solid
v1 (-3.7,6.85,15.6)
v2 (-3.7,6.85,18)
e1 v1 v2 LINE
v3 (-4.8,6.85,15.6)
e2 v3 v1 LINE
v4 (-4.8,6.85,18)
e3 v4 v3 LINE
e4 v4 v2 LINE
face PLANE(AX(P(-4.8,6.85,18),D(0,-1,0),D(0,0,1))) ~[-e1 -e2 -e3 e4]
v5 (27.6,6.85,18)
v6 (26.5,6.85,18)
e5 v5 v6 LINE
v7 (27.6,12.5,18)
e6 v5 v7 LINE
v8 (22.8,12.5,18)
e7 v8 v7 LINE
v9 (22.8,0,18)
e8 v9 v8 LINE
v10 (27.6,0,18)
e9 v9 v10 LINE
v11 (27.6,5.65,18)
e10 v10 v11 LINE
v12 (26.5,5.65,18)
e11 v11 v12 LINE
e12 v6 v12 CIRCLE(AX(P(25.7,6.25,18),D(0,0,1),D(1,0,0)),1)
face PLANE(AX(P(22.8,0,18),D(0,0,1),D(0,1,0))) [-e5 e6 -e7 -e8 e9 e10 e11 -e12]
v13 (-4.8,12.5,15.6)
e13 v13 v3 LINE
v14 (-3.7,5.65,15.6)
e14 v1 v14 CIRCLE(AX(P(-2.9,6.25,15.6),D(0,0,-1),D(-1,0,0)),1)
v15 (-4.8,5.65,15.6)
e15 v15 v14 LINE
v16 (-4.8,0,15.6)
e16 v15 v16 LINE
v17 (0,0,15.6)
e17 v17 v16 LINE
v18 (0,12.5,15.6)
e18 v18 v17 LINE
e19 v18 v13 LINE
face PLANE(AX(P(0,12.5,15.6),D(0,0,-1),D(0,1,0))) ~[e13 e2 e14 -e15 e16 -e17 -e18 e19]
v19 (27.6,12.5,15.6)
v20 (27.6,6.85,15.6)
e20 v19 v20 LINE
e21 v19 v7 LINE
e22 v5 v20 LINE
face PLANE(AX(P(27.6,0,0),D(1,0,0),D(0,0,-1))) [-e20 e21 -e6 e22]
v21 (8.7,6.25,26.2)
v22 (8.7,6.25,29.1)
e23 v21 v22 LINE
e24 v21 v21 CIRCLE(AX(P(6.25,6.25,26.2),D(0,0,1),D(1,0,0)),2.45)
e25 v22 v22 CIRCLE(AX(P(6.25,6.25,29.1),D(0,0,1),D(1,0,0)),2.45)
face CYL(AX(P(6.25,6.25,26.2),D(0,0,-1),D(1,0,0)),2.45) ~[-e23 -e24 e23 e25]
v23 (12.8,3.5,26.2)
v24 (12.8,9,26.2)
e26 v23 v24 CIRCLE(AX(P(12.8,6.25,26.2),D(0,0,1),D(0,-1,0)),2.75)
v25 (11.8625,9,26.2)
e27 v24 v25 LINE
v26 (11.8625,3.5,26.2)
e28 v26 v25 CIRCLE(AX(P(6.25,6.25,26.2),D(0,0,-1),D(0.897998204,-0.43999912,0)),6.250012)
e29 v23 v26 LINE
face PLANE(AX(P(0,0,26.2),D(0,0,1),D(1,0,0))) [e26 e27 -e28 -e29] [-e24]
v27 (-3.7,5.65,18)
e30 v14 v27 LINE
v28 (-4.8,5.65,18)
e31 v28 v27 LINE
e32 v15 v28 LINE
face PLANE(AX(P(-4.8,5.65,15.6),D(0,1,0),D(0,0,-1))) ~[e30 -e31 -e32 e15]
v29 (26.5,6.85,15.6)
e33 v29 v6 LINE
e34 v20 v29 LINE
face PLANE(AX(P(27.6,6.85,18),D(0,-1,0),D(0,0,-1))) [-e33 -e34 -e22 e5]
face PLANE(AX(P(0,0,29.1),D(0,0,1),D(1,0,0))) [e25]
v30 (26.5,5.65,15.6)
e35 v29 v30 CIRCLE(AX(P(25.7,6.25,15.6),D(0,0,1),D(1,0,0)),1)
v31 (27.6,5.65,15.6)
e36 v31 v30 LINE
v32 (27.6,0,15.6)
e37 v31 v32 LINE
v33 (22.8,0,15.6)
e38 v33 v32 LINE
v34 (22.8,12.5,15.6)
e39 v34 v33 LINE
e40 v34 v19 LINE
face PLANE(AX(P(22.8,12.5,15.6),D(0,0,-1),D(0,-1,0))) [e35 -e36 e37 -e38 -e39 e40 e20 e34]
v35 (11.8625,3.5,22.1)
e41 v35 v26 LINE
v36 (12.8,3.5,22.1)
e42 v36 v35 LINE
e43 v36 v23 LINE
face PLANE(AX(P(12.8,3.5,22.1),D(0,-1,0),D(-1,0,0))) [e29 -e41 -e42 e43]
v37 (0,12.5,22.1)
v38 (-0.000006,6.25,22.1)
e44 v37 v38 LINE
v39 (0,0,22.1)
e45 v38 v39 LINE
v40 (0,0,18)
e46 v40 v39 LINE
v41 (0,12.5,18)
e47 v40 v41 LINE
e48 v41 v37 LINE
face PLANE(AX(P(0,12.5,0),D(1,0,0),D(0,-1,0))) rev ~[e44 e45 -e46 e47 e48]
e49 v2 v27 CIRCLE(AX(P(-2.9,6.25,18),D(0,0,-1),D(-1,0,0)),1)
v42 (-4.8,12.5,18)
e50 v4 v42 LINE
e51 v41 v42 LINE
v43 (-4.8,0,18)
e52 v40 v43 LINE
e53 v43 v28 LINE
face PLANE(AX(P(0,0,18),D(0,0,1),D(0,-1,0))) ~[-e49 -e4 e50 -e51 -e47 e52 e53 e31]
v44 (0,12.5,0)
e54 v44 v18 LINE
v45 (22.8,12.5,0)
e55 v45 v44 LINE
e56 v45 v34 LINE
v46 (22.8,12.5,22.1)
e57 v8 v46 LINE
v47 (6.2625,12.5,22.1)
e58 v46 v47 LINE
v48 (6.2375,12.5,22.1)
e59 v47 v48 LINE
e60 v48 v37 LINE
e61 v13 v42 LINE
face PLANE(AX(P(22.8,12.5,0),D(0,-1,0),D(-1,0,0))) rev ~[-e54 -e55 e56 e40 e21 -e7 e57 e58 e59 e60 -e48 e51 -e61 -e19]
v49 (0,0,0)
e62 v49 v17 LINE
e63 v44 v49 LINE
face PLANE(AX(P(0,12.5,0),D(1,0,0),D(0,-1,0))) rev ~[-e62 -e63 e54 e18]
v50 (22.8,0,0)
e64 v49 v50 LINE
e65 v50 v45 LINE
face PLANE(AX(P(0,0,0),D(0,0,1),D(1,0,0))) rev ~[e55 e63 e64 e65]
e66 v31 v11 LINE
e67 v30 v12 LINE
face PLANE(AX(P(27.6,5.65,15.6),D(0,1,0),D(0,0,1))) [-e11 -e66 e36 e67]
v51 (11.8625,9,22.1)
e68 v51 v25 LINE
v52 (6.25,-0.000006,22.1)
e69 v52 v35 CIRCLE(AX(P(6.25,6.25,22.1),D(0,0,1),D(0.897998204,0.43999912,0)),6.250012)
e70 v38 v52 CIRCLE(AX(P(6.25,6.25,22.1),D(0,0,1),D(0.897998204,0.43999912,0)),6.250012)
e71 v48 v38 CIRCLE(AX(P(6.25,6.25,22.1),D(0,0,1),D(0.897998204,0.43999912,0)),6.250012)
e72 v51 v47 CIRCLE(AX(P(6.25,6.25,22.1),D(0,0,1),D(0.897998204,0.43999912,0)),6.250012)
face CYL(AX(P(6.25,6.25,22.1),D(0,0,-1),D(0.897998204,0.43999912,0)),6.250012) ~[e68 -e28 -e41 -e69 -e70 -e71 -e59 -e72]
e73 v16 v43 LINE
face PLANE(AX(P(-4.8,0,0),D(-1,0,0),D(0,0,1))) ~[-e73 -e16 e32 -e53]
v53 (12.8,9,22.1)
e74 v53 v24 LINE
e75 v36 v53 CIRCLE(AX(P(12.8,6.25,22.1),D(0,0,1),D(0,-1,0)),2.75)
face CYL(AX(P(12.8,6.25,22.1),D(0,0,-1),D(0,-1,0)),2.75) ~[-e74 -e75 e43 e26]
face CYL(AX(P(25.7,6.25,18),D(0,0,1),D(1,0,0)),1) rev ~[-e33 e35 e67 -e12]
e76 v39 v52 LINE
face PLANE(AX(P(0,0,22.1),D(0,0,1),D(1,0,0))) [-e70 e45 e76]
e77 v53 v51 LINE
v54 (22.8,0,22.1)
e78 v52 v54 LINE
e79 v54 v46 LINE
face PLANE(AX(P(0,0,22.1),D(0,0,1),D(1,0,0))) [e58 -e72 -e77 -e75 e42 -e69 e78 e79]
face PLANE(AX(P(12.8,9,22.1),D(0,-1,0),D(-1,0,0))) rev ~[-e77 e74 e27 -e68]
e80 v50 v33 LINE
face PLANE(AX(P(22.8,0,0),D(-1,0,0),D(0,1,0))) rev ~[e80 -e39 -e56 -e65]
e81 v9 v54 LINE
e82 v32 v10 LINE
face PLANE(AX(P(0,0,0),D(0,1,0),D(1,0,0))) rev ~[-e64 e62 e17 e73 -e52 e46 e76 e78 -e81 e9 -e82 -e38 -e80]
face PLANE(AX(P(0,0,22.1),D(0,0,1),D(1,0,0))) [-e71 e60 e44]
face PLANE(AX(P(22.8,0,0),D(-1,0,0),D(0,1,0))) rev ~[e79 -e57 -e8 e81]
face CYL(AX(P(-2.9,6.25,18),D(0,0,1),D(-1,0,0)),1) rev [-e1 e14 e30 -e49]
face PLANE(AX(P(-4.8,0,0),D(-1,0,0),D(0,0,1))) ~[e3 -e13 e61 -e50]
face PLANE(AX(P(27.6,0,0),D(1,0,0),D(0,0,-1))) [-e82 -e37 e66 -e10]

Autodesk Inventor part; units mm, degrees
ref_plane "YZ Plane" through (0, 0, 0) normal (1, 0, 0) x (0, 1, 0)
ref_plane "XZ Plane" through (0, 0, 0) normal (0, 1, 0) x (-1, 0, 0)
sketch "Sketch1" plane through (0, 0, 0) normal (0, 0, 1) x (1, 0, 0)
  line L0 (0, 0) -> (22.8, 0)
  line L1 (22.8, 0) -> (22.8, 12.5)
  line L2 (22.8, 12.5) -> (0, 12.5)
  line L3 (0, 12.5) -> (0, 0)
  dimension "d0" = 22.8
  dimension "d1" = 12.5
extrude "Extrusion1" add sketch "Sketch1" along normal blind 22.1
sketch "Sketch2" plane through (22.8, 0, 0) normal (1, 0, 0) x (0, 0, -1)
  line L0 (0, 12.5) -> (-22.1, 12.5) projected
  line L1 (-22.1, 0) -> (-22.1, 12.5) projected
  line L2 (0, 0) -> (-22.1, 0) projected
  line L3 (-18, 12.5) -> (-15.6, 12.5)
  line L4 (-15.6, 12.5) -> (-15.6, 0)
  line L5 (-15.6, 0) -> (-18, 0)
  line L6 (-18, 0) -> (-18, 12.5)
  dimension "d4" = 2.4
  dimension "d5" = 4.1
extrude "Extrusion2" add sketch "Sketch2" along normal blind 4.8 contours L4 L2 L6 L0
sketch "Sketch3" plane through (22.8, 0, 18) normal (0, 0, 1) x (1, 0, 0)
  line L0 (0, 0) -> (0, 12.5) projected
  circle A0 centre (2.9, 6.25) radius 1
  point P0 (-22.8, 0)
  dimension "d8" = 2
  dimension "d9" = 2.9
extrude "Extrusion3" cut sketch "Sketch3" against normal up to surface (2.4 mm away)
sketch "Sketch4" plane through (27.6, 0, 0) normal (1, 0, 0) x (0, 0, -1)
  line L0 (-18, 12.5) -> (-18, 0) projected
  line L1 (-15.6, 0) -> (-15.6, 12.5) projected
  line L2 (-18, 6.85) -> (-15.6, 6.85)
  line L3 (-15.6, 6.85) -> (-15.6, 5.65)
  line L4 (-15.6, 5.65) -> (-18, 5.65)
  line L5 (-18, 5.65) -> (-18, 6.85)
  point P0 (0, 0)
  point P1 (-15.6, 6.25)
  point P2 (-15.6, 6.25)
  dimension "d12" = 1.2
extrude "Extrusion4" cut sketch "Sketch4" against normal blind 2
ref_plane "Work Plane1" through (11.4, 0, 0) normal (1, 0, 0) x (0, 0, -1)
mirror "Mirror1" about plane through (11.4, 0, 0) normal (1, 0, 0) of "Extrusion2", "Extrusion3", "Extrusion4"
sketch "Sketch5" plane through (0, 0, 22.1) normal (0, 0, 1) x (1, 0, 0)
  line L0 (0, 0) -> (22.8, 0) projected
  line L1 (22.8, 0) -> (22.8, 12.5) projected
  line L2 (0, 12.5) -> (0, 0) projected
  arc A0 (11.8625, 9) -> (11.8625, 3.5) centre (6.25, 6.25) ccw
  arc A1 (12.8, 3.5) -> (12.8, 9) centre (12.8, 6.25) ccw
  line L3 (12.8, 9) -> (11.8625, 9)
  line L4 (12.8, 3.5) -> (11.8625, 3.5)
  point P0 (0, 6.25)
  dimension "d16" = 5.5
  dimension "d17" = 10
extrude "Extrusion5" add sketch "Sketch5" along normal blind 4.1 contours A0 L3 A1 L4
sketch "Sketch6" plane through (0, 0, 26.2) normal (0, 0, 1) x (1, 0, 0)
  arc A0 (11.8625, 9) -> (11.8625, 3.5) centre (6.25, 6.25) ccw projected
  circle A1 centre (6.25, 6.25) radius 2.45
  point P0 (0, 0)
  dimension "d20" = 4.9
extrude "Extrusion6" add sketch "Sketch6" along normal blind 2.9
properties part number "Servo"
